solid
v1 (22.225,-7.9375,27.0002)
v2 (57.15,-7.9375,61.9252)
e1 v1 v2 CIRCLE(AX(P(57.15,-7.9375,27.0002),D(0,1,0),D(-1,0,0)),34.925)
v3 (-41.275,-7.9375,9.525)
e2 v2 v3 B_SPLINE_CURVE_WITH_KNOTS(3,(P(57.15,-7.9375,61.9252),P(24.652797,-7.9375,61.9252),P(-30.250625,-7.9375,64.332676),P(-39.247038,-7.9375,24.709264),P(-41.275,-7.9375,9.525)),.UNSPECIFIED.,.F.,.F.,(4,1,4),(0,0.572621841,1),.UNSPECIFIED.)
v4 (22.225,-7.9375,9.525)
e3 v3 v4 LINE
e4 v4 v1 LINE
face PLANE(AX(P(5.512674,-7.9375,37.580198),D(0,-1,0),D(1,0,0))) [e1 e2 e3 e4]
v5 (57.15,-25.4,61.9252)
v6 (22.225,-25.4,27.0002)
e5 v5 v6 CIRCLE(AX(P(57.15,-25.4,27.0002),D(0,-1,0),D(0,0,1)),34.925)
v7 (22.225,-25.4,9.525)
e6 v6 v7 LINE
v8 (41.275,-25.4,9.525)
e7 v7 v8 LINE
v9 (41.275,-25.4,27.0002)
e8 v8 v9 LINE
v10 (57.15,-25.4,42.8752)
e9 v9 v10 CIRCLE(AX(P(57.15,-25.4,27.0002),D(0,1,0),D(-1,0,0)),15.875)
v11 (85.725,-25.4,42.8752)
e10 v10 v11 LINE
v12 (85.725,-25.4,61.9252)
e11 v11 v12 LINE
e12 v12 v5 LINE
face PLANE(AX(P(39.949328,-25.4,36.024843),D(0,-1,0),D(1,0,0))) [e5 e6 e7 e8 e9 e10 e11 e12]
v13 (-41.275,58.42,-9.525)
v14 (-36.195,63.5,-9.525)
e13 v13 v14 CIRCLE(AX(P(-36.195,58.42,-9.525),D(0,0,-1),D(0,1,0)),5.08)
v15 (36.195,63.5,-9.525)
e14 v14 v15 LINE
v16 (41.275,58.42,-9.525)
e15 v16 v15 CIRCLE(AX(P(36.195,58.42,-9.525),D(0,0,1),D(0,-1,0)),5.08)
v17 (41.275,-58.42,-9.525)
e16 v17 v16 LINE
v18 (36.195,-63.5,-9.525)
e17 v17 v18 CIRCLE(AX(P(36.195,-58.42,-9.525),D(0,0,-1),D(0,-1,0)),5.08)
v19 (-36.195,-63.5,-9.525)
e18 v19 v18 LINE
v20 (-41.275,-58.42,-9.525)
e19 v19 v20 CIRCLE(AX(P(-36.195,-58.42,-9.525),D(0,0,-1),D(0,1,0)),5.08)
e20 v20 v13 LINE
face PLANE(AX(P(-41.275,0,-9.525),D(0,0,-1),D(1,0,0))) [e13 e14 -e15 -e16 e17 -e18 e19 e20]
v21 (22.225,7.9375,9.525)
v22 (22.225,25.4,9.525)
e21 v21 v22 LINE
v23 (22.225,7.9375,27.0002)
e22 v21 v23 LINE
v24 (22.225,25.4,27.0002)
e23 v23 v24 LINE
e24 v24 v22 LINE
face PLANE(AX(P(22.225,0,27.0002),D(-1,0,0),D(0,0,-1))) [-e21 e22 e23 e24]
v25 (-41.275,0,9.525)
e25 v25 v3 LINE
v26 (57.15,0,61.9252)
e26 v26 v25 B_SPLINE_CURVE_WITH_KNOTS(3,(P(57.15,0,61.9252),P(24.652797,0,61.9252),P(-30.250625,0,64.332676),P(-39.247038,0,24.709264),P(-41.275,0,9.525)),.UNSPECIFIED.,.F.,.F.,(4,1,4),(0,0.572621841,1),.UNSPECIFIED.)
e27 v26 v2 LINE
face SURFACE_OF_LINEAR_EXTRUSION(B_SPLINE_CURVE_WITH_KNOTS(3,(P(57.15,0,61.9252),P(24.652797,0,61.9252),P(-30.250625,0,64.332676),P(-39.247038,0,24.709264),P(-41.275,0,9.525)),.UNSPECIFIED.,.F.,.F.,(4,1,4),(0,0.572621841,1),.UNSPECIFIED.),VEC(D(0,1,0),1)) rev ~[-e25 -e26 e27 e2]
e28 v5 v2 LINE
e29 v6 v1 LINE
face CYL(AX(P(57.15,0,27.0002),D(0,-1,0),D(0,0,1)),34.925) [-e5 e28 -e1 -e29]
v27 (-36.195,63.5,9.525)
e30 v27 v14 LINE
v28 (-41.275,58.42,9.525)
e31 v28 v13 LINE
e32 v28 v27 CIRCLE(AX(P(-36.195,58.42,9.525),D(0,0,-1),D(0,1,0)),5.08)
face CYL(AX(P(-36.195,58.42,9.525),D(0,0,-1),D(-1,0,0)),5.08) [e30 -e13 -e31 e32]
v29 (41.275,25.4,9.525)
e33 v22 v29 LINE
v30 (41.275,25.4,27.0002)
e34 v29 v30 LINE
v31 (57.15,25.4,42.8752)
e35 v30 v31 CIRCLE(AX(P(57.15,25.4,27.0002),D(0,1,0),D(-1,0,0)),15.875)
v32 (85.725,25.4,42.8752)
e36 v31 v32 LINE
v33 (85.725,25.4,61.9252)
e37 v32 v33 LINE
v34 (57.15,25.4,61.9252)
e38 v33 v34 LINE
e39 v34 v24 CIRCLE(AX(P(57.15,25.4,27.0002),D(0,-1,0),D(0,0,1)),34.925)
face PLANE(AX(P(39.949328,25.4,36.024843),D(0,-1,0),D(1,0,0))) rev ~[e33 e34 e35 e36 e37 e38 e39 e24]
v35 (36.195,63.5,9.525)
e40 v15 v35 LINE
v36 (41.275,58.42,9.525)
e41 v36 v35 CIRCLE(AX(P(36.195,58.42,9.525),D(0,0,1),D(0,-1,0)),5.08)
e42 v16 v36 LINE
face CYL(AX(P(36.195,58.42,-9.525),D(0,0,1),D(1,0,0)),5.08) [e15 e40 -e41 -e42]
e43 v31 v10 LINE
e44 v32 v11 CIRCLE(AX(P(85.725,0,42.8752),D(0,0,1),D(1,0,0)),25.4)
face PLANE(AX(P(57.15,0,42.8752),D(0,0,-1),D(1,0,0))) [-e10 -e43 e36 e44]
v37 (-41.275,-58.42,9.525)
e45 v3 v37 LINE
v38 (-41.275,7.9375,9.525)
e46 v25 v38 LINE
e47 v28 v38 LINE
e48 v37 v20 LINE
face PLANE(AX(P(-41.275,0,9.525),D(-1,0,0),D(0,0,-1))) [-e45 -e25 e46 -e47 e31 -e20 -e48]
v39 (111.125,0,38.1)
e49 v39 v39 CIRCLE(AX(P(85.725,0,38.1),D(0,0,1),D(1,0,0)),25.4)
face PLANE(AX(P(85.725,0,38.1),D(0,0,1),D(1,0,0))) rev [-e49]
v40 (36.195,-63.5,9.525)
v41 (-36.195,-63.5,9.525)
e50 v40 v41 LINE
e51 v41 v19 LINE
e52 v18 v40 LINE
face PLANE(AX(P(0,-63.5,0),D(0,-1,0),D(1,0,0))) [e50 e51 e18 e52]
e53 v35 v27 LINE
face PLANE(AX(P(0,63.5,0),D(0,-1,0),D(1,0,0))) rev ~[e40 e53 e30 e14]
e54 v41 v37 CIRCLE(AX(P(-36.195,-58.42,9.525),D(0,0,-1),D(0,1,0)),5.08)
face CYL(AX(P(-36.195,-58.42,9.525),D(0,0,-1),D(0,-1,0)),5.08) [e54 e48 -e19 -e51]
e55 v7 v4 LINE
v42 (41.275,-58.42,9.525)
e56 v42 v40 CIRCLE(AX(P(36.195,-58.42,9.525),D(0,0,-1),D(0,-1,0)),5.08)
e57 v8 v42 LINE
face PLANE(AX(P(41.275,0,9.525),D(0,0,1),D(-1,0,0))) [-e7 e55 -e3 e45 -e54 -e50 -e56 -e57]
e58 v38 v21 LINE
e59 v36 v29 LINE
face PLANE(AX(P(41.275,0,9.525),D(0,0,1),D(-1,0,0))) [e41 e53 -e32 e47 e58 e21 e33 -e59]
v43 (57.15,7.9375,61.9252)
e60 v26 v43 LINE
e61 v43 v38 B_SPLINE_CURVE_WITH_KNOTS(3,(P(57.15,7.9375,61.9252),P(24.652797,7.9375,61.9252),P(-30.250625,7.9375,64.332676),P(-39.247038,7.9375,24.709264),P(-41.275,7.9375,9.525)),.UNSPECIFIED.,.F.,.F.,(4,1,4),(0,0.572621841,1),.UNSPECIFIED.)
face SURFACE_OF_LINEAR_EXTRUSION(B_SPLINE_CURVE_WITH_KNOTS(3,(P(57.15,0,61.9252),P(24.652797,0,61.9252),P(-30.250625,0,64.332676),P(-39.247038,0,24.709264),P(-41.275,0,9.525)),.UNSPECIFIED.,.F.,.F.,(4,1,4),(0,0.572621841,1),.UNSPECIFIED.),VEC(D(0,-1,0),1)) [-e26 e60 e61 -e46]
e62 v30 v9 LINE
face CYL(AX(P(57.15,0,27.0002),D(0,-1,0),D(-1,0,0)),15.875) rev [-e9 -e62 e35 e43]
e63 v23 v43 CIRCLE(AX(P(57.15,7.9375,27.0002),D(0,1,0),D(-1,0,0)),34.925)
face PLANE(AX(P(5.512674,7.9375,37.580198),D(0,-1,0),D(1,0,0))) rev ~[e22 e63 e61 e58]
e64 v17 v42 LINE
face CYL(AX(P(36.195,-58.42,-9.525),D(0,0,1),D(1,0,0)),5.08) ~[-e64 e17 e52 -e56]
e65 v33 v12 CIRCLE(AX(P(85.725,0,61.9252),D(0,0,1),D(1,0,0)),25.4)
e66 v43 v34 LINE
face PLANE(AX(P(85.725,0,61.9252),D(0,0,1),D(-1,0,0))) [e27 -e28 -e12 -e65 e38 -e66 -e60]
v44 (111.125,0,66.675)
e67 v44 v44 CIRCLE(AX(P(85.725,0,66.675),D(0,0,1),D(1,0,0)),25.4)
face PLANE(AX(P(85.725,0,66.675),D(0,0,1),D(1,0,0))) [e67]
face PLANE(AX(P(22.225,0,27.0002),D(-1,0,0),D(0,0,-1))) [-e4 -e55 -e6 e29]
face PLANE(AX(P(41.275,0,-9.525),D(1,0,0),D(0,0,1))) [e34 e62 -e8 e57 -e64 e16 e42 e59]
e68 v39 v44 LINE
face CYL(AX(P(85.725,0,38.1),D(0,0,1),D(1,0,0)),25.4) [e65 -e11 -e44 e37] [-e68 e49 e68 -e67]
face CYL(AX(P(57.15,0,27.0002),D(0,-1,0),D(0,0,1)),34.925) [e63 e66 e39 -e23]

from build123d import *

# Parameters (mm, degrees)
F1_DEPTH = 63.5
F0_W     = 25.4
F0_H     = 19.05
F2_DEPTH = 25.4
F4_DEPTH = 7.9375
F5_R     = 5.08


with BuildPart() as f1:
    # F0 (on Front) → F1 (new body, symmetric)
    with BuildSketch(Plane.XZ):
        Polygon((41.275, -9.525), (41.275, 9.525), (22.225, 9.525), (-41.275, 9.525), (-41.275, -9.525), align=None)
    extrude(amount=F1_DEPTH, both=True)

    # F0 (on Front) → F2 (join, symmetric)
    with BuildSketch(Plane.XZ):
        with BuildLine():
            Line((22.225, 9.525), (41.275, 9.525))
            Line((41.275, 9.525), (41.275, 27.0002))
            ThreePointArc((41.275, 27.0002), (45.9246798487, 38.2255201513), (57.15, 42.8752))
            Line((57.15, 42.8752), (60.325, 42.8752))
            Line((60.325, 42.8752), (60.325, 61.9252))
            Line((60.325, 61.9252), (57.15, 61.9252))
            ThreePointArc((57.15, 61.9252), (32.4542956671, 51.6959043329), (22.225, 27.0002))
            Line((22.225, 27.0002), (22.225, 9.525))
        make_face()
        with Locations((73.025, 52.4002)):
            Rectangle(F0_W, F0_H)
    extrude(amount=F2_DEPTH, both=True)

    # F0 (on Front) → F3 (revolve)
    with BuildSketch(Plane.XZ):
        Polygon((85.725, 61.9252), (85.725, 42.8752), (85.725, 38.1), (111.125, 38.1), (111.125, 66.675), (85.725, 66.675), align=None)
    revolve(axis=Axis((85.725, 0, 52.3875), (0, 0, 1)))

    # F0 (on Front) → F4 (join, symmetric)
    with BuildSketch(Plane.XZ):
        with BuildLine():
            Line((-41.275, 9.525), (22.225, 9.525))
            Line((22.225, 9.525), (22.225, 27.0002))
            ThreePointArc((22.225, 27.0002), (32.4542956671, 51.6959043329), (57.15, 61.9252))
            add(Edge.make_bspline(
                [(57.15, 61.9252), (24.6527968383, 61.9252), (-30.2506246056, 64.332675823), (-39.2470384075, 24.7092637795), (-41.275, 9.525)],
                knots=[0, 0, 0, 0, 0.5726218411, 1, 1, 1, 1], degree=3))
        make_face()
    extrude(amount=F4_DEPTH, both=True)

    # F5
    f5_edges = [f1.edges().sort_by_distance(p)[0] for p in [
        (-41.275, -63.5, 0),
        (41.275, -63.5, 0),
        (41.275, 63.5, 0),
        (-41.275, 63.5, 0),
    ]]
    fillet(f5_edges, radius=F5_R)


solid = f1.part
